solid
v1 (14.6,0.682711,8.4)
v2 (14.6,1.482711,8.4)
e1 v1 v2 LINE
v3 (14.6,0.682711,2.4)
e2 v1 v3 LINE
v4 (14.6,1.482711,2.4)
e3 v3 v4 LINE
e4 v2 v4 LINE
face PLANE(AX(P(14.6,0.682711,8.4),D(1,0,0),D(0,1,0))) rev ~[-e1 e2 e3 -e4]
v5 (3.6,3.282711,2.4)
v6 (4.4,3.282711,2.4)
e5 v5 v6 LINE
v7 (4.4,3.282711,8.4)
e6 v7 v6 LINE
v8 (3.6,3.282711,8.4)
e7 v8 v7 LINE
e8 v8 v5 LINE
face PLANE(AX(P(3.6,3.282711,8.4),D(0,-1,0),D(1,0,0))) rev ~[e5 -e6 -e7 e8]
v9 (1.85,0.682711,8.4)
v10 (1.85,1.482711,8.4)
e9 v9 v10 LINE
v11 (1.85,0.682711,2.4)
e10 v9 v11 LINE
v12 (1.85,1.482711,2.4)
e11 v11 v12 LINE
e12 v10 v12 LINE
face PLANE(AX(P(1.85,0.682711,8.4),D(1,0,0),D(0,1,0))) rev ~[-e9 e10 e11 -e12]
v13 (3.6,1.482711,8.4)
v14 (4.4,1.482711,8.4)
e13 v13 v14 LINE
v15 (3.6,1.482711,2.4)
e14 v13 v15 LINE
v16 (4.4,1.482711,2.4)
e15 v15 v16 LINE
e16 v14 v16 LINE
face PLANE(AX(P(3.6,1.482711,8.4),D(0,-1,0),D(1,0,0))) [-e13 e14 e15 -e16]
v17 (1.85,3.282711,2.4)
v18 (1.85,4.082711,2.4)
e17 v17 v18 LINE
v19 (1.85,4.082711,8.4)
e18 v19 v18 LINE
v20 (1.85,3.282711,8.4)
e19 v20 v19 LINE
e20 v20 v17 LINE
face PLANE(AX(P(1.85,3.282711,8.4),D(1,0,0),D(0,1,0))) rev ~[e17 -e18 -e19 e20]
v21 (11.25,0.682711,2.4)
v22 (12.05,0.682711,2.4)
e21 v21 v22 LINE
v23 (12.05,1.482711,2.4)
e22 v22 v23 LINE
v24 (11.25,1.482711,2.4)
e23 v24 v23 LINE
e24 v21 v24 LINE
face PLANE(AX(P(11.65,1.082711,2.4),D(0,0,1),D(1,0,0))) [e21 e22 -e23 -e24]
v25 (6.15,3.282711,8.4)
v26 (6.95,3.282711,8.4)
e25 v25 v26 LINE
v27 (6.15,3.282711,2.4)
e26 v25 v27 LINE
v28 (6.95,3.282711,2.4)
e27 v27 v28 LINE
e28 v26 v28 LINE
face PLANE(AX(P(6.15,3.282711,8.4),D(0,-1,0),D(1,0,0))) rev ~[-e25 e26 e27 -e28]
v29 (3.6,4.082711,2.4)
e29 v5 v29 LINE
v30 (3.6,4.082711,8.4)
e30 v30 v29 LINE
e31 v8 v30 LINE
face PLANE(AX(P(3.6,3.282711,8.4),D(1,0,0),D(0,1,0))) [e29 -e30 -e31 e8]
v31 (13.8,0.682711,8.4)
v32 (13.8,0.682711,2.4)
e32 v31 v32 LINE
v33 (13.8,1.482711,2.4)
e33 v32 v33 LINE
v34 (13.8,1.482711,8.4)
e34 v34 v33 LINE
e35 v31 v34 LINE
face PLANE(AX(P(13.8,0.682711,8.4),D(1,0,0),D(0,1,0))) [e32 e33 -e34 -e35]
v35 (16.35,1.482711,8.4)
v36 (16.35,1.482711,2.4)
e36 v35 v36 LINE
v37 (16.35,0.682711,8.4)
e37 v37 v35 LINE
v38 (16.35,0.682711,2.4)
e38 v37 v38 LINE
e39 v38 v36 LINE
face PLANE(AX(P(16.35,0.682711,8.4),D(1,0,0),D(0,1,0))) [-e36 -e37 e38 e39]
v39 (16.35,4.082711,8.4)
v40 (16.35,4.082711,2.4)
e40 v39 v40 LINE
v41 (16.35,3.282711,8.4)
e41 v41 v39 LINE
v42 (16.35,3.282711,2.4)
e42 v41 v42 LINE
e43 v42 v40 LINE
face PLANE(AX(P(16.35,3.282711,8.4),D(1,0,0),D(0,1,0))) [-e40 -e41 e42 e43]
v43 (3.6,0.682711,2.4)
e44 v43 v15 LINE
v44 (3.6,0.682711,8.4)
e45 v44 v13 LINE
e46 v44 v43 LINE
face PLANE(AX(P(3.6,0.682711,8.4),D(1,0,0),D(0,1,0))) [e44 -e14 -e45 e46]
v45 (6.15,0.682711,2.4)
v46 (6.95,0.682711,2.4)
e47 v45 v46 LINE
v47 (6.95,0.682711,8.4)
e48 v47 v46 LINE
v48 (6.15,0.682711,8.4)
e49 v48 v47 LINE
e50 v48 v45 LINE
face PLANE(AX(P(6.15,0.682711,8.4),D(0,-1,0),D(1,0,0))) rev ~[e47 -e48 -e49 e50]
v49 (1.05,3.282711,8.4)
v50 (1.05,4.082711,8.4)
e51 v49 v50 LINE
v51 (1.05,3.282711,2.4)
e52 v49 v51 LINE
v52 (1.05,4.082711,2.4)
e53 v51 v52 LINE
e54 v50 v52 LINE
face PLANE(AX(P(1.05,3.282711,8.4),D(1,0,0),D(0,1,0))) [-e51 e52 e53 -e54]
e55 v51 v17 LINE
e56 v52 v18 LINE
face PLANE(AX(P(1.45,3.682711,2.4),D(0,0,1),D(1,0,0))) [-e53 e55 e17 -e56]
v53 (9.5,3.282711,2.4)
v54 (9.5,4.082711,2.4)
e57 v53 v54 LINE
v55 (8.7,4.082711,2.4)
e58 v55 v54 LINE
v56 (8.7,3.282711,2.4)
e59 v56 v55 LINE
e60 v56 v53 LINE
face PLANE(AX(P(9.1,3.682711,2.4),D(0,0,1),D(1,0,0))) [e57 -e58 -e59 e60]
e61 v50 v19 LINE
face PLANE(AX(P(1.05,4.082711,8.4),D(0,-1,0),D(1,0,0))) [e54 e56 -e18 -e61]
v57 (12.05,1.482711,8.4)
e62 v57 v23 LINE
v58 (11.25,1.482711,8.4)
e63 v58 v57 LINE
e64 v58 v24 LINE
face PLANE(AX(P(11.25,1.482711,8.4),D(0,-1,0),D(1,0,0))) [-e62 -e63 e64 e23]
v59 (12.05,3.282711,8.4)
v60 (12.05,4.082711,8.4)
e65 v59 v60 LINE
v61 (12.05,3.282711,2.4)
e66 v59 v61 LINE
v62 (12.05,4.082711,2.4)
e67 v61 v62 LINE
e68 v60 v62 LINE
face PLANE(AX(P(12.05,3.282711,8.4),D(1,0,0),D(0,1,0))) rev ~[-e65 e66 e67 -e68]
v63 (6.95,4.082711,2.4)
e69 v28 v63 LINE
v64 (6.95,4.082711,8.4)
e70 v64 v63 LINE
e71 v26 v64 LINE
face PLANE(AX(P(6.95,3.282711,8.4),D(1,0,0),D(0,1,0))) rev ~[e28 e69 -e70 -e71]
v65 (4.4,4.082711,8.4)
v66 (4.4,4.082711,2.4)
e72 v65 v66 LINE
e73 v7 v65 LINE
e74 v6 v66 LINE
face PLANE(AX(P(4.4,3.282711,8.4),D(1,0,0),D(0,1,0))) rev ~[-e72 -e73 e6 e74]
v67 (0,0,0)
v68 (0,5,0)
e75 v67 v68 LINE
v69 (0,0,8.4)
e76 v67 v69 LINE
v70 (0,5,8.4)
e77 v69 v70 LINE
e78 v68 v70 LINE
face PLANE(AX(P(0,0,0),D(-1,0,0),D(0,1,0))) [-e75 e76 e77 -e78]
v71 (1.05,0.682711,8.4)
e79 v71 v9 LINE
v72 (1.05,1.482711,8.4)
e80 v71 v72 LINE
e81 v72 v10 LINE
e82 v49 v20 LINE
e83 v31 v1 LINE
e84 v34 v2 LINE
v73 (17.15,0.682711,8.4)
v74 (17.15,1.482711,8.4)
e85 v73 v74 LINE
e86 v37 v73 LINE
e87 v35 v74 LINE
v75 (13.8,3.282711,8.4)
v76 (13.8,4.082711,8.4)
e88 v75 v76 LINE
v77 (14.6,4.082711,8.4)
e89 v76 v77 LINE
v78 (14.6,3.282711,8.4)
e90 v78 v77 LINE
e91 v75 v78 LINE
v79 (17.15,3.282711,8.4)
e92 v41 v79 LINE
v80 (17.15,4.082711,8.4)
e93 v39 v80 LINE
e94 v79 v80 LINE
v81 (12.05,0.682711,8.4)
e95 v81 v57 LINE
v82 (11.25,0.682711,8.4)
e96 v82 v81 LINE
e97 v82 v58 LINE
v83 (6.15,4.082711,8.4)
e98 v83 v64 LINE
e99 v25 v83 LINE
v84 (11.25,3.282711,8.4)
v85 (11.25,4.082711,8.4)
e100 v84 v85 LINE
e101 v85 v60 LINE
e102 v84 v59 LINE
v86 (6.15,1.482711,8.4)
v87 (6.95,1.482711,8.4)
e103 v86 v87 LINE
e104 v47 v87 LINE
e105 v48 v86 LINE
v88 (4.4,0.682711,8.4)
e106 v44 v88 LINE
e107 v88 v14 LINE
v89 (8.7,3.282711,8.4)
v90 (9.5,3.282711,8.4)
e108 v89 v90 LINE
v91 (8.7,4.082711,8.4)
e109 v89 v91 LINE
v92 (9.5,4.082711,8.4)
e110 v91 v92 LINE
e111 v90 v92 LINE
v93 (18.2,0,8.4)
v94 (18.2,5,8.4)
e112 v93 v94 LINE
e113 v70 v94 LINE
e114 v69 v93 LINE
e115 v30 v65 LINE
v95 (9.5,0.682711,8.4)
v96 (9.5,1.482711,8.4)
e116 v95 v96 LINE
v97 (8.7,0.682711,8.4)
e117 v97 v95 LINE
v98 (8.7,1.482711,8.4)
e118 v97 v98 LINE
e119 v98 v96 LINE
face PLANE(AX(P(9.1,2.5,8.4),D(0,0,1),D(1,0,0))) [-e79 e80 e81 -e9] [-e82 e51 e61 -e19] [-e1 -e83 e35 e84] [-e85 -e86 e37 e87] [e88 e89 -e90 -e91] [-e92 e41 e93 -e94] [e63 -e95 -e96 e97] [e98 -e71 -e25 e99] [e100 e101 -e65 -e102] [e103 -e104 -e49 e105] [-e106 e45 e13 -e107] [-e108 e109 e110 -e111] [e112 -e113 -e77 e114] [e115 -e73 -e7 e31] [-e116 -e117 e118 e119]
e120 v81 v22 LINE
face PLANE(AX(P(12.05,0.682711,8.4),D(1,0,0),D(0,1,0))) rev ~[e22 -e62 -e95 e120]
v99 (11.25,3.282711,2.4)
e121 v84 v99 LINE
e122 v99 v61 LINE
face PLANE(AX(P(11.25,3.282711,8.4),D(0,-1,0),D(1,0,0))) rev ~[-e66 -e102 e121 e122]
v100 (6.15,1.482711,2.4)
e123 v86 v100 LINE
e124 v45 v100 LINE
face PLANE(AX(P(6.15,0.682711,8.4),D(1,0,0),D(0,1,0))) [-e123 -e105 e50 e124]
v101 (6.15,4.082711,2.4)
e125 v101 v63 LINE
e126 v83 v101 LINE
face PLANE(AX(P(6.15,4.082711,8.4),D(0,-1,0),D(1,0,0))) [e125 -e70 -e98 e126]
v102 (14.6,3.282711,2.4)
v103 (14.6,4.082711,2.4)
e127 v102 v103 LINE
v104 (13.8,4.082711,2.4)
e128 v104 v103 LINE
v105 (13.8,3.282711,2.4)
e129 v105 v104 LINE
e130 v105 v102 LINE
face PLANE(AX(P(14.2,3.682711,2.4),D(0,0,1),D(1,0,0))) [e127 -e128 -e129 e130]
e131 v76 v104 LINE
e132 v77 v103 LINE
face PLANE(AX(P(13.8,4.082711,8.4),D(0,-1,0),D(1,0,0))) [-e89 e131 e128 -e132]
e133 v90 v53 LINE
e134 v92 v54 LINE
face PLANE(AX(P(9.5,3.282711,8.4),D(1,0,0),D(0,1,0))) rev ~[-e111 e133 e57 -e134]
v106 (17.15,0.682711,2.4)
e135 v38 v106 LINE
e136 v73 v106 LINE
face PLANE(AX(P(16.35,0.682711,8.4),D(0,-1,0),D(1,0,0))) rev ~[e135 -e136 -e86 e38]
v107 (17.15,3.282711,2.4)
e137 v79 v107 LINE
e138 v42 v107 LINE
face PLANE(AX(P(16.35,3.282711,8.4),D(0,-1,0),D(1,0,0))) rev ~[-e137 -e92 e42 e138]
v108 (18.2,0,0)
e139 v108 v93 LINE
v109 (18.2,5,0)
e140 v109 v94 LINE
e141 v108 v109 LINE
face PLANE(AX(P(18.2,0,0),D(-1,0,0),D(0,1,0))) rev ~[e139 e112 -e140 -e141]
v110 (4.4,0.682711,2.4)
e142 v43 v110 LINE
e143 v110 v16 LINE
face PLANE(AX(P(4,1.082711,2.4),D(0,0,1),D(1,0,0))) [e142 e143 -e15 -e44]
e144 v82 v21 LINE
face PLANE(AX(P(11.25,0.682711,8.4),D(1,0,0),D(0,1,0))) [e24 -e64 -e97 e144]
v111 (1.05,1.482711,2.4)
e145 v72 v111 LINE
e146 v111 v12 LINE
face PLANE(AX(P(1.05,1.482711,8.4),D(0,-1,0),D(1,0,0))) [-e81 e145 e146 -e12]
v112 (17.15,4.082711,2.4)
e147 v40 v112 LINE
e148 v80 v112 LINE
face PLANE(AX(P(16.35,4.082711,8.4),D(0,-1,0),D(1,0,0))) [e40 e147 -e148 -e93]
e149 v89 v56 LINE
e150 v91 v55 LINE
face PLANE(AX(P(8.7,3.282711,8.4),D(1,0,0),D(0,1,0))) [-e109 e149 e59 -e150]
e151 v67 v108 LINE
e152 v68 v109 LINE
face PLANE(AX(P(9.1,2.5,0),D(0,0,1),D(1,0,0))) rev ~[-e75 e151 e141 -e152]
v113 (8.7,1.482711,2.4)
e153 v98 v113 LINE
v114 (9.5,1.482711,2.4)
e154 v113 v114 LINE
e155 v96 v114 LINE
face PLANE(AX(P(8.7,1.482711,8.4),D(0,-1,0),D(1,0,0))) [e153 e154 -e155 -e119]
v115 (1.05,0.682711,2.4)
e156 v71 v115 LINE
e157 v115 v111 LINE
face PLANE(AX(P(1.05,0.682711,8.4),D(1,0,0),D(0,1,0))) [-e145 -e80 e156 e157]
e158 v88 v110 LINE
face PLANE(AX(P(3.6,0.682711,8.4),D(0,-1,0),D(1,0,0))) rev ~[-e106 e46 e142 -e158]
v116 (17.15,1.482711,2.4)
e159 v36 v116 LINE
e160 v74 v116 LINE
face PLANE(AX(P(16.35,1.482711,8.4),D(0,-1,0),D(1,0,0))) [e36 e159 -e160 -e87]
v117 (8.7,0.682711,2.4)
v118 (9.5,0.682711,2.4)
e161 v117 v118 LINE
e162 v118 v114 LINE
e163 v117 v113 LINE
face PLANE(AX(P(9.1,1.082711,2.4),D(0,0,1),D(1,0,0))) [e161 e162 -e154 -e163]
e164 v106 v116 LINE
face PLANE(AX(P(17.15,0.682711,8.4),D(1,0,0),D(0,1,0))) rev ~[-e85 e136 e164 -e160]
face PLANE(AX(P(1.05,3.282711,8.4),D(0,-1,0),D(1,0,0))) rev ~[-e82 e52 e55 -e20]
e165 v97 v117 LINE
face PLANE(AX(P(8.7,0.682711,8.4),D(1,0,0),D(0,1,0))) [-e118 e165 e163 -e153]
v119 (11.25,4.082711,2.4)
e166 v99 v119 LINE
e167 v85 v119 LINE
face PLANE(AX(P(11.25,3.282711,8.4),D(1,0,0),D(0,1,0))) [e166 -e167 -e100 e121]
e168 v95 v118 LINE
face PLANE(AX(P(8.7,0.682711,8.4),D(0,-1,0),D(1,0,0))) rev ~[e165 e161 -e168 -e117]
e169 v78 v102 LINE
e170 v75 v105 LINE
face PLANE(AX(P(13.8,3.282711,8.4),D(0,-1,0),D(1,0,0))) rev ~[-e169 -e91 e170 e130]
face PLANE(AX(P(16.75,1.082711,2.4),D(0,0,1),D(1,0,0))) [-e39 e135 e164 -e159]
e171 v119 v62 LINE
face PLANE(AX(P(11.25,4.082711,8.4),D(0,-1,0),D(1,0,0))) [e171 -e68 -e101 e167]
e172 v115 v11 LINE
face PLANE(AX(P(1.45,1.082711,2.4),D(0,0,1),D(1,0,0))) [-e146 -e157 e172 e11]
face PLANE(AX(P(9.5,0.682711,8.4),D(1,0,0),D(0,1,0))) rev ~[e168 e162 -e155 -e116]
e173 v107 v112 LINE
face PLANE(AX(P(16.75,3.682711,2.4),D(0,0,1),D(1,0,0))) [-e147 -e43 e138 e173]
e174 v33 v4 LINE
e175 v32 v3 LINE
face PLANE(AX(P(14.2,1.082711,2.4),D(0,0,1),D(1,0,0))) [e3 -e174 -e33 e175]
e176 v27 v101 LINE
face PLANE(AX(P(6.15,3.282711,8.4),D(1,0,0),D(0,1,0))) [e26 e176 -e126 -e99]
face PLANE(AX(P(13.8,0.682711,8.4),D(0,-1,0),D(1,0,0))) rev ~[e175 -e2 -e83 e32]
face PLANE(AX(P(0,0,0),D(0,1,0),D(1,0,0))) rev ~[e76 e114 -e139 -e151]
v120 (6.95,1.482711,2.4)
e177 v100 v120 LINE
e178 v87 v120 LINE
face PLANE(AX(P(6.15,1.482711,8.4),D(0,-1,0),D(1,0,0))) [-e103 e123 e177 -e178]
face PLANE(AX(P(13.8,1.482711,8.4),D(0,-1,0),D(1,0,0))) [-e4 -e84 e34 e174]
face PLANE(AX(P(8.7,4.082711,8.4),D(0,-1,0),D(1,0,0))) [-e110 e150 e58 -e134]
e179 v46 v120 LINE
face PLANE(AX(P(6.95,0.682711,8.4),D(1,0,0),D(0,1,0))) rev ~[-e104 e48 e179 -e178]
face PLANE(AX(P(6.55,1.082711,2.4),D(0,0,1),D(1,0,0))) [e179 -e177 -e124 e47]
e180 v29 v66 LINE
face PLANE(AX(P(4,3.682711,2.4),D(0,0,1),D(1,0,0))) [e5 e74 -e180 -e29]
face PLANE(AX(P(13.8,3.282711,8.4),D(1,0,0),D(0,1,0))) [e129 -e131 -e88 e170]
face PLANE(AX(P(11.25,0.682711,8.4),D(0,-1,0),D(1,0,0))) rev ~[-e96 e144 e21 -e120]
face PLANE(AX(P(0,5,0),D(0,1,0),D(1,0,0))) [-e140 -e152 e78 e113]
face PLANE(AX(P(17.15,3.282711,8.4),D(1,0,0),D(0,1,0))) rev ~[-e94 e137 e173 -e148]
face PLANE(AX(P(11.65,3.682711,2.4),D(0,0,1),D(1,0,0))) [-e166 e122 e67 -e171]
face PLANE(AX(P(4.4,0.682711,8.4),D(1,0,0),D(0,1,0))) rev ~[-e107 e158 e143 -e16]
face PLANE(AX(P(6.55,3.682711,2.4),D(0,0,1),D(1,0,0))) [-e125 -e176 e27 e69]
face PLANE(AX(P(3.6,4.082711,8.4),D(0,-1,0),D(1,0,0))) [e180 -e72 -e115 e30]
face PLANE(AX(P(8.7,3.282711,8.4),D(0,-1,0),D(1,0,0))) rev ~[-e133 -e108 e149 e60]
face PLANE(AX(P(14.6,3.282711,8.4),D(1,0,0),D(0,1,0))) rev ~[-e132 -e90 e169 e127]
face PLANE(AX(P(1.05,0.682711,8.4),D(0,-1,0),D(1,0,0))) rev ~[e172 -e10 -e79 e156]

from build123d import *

# Parameters (mm, degrees)
SKICA1_W                 = 18.2
SKICA1_H                 = 5
P_IDAT_VYSUNUT_M1_DEPTH  = 8.4
SKICA3_W                 = 0.8
SKICA3_H                 = 0.8
ODEBRAT_VYSUNUT_M1_DEPTH = 6


with BuildPart() as part:
    # Skica1 → Přidat vysunutím1 (new body)
    with BuildSketch(Plane.XY):
        with Locations((9.1, 2.5)):
            Rectangle(SKICA1_W, SKICA1_H)
    extrude(amount=P_IDAT_VYSUNUT_M1_DEPTH)

    # Skica3 → Odebrat vysunutím1 (cut)
    with BuildSketch(Plane.XY.offset(8.4)):
        with Locations((1.45, 3.682710822)):
            Rectangle(SKICA3_W, SKICA3_H)
        with Locations((1.45, 1.082710822)):
            Rectangle(SKICA3_W, SKICA3_H)
        with Locations((6.55, 3.682710822)):
            Rectangle(SKICA3_W, SKICA3_H)
        with Locations((4, 3.682710822)):
            Rectangle(SKICA3_W, SKICA3_H)
        with Locations((4, 1.082710822)):
            Rectangle(SKICA3_W, SKICA3_H)
        with Locations((6.55, 1.082710822)):
            Rectangle(SKICA3_W, SKICA3_H)
        with Locations((9.1, 3.682710822)):
            Rectangle(SKICA3_W, SKICA3_H)
        with Locations((9.1, 1.082710822)):
            Rectangle(SKICA3_W, SKICA3_H)
        with Locations((11.65, 3.682710822)):
            Rectangle(SKICA3_W, SKICA3_H)
        with Locations((11.65, 1.082710822)):
            Rectangle(SKICA3_W, SKICA3_H)
        with Locations((14.2, 3.682710822)):
            Rectangle(SKICA3_W, SKICA3_H)
        with Locations((14.2, 1.082710822)):
            Rectangle(SKICA3_W, SKICA3_H)
        with Locations((16.75, 3.682710822)):
            Rectangle(SKICA3_W, SKICA3_H)
        with Locations((16.75, 1.082710822)):
            Rectangle(SKICA3_W, SKICA3_H)
    extrude(amount=-ODEBRAT_VYSUNUT_M1_DEPTH, mode=Mode.SUBTRACT)


solid = part.part
